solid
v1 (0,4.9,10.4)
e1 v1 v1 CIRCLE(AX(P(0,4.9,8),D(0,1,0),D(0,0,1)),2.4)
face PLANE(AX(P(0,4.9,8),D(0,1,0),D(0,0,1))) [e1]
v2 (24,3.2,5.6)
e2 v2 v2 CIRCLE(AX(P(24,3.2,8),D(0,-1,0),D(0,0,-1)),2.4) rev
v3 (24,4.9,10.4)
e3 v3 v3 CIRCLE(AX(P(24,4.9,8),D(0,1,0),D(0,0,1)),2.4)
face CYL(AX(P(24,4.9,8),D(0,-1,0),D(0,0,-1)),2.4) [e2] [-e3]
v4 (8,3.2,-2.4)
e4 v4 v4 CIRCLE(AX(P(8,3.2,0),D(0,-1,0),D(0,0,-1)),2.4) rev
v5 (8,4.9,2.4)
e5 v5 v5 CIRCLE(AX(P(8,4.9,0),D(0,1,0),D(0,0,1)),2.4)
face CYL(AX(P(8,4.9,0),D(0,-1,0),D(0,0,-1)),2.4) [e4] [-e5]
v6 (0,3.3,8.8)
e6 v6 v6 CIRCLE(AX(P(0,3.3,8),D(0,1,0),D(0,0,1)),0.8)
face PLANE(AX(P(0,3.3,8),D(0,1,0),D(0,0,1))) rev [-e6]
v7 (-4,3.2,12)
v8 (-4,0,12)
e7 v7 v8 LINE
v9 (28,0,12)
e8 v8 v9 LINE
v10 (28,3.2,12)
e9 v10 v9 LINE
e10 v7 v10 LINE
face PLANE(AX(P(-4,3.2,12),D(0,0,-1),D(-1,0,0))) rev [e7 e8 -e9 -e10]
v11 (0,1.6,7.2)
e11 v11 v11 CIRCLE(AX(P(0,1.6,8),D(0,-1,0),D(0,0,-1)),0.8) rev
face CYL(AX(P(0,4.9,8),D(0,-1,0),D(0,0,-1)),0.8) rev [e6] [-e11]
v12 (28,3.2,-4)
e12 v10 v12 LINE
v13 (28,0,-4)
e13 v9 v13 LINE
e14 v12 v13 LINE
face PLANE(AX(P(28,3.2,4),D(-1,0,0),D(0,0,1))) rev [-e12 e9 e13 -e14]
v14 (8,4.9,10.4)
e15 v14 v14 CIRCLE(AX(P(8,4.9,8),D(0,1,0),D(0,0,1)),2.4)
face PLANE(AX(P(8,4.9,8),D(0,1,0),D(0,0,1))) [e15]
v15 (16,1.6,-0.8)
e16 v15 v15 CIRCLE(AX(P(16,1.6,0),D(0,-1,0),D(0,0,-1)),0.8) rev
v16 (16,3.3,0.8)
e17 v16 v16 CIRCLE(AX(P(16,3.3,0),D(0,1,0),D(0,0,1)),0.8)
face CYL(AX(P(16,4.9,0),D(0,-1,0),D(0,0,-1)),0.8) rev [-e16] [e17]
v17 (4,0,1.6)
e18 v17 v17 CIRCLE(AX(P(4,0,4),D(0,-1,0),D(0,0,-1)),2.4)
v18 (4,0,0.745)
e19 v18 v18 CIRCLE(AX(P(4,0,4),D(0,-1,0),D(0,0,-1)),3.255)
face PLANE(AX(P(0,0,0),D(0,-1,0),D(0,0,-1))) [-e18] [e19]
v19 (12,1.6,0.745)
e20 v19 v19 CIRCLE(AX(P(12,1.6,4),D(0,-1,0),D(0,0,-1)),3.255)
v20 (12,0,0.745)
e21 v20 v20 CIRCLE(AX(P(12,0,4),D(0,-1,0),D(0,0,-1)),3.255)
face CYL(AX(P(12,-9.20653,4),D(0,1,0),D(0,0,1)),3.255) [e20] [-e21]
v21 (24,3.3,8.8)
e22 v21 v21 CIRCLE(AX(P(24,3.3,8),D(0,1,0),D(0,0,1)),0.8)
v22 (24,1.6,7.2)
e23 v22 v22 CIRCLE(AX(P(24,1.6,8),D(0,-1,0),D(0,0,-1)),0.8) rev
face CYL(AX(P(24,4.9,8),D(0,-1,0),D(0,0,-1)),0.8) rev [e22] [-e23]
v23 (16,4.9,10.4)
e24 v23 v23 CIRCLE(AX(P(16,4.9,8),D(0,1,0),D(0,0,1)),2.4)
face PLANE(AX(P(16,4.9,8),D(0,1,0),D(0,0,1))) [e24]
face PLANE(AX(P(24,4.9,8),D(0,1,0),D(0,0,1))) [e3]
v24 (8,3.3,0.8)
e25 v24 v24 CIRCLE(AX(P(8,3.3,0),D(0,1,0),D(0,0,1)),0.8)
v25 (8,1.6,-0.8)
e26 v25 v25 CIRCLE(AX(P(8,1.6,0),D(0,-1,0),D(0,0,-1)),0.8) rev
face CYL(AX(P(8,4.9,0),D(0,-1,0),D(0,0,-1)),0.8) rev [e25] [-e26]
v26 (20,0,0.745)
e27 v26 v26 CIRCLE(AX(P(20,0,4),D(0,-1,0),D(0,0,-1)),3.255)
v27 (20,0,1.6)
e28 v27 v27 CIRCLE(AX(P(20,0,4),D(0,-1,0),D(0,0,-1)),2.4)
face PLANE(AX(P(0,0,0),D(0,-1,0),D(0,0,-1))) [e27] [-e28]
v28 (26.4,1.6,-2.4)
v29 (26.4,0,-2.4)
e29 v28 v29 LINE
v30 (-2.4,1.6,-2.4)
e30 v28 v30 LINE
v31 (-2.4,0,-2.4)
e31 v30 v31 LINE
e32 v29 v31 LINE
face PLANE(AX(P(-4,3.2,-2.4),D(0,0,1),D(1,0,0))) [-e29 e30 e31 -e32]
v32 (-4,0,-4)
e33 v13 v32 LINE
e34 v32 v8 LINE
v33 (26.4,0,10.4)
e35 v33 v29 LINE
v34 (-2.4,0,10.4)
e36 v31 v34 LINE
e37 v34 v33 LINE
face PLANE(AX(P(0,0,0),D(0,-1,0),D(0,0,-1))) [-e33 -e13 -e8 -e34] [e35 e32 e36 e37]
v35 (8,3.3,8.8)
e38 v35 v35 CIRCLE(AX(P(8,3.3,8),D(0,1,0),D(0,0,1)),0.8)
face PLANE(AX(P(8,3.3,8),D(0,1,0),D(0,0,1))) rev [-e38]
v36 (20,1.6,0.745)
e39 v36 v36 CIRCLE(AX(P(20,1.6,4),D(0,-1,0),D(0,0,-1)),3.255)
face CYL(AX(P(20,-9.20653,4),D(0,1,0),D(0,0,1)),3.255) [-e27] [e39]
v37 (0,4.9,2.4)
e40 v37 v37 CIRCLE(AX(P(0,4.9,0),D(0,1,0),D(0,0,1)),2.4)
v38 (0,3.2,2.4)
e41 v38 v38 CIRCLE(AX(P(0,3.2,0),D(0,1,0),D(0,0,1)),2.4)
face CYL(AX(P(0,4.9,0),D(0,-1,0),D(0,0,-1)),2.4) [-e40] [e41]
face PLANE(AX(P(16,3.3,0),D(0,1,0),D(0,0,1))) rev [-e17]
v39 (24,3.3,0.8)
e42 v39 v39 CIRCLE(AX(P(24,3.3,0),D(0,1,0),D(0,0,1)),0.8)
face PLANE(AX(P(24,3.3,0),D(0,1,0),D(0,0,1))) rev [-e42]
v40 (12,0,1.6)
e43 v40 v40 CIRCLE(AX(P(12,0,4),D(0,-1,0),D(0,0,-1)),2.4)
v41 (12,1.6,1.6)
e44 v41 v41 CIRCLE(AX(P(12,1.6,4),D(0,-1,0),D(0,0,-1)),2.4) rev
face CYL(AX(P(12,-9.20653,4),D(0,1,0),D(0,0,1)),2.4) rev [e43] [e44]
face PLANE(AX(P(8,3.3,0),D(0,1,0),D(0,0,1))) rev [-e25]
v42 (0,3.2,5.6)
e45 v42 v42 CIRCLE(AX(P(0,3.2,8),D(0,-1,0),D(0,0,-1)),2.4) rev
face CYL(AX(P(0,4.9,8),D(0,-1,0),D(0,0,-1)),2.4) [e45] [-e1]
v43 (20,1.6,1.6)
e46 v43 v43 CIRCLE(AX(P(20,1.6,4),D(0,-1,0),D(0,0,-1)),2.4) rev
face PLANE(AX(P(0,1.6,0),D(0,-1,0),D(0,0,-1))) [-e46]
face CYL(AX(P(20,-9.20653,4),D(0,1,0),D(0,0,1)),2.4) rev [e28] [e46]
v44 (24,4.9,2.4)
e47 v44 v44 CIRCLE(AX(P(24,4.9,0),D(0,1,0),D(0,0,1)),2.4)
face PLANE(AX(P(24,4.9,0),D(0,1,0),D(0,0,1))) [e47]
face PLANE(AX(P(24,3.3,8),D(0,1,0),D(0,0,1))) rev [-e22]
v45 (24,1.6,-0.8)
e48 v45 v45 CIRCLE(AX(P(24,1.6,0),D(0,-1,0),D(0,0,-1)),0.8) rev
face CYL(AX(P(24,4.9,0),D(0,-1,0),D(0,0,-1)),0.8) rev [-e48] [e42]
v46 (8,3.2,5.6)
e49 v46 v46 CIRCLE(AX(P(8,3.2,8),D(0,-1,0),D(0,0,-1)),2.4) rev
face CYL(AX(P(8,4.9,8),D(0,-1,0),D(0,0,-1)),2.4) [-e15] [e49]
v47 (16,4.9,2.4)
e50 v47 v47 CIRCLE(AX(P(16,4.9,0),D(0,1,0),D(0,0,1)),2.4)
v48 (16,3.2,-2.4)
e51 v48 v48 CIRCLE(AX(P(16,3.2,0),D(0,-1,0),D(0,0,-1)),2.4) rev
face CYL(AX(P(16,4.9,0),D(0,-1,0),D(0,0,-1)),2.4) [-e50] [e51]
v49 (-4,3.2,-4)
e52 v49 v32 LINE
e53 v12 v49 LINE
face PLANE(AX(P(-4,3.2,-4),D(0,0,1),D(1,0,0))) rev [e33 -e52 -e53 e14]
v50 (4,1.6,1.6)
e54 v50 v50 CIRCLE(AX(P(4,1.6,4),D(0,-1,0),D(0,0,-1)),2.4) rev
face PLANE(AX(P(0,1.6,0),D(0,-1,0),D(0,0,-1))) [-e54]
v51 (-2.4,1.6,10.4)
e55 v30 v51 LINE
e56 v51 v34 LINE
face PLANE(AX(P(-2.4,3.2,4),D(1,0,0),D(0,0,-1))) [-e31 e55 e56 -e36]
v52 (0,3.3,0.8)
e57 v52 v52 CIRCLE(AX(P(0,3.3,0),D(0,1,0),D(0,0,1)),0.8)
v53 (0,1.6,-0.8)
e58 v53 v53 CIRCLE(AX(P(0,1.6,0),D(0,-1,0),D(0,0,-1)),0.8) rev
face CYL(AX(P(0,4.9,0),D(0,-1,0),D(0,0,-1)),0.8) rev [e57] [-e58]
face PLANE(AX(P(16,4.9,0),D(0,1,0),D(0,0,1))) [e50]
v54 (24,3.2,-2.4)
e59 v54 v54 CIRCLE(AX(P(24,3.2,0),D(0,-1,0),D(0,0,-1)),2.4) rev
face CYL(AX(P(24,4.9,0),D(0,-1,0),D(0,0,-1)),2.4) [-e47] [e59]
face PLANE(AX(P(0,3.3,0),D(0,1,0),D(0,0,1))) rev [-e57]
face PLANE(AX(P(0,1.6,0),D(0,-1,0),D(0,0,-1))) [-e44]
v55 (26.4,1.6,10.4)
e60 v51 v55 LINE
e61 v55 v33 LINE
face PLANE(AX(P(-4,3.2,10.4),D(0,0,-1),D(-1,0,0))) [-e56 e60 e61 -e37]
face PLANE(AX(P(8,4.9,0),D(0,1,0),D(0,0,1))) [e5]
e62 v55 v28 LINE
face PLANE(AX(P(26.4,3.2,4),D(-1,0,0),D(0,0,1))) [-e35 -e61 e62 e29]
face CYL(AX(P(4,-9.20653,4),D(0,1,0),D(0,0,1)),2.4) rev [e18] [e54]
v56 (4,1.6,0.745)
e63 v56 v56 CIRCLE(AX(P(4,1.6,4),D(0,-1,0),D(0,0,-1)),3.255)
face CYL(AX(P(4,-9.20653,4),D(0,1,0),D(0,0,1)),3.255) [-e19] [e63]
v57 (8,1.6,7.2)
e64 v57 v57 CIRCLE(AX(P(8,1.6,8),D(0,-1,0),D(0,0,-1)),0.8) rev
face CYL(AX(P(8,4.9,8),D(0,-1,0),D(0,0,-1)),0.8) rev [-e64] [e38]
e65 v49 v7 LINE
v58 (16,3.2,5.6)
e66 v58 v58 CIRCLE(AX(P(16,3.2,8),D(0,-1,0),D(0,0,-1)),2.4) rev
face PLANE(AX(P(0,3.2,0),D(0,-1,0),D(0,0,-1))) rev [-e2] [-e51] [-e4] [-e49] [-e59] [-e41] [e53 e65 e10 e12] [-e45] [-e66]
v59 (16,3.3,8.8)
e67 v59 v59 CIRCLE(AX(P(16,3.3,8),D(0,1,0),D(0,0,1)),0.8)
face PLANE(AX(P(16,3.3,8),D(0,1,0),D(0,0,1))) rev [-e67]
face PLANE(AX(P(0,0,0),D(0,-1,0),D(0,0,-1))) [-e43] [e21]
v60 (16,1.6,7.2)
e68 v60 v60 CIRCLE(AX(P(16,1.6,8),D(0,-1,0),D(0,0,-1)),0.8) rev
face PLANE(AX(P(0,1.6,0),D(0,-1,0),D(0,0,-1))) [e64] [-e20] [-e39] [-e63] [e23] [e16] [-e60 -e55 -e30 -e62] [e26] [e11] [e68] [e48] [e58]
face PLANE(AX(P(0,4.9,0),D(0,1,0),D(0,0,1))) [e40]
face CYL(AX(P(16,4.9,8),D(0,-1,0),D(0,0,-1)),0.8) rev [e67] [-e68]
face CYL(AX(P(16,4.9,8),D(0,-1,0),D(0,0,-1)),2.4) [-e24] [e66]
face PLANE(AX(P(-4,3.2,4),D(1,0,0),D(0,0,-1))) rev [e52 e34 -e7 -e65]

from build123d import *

# Parameters (mm, degrees)
SKETCH_1_W                       = 8
SKETCH_1_H                       = 8
HEIGHT_DEPTH                     = 3.2
SKETCH_2_R                       = 2.4
EXTRUDE_2_DEPTH                  = 1.7
PATTERN_LINEAR_1_COUNT           = 2
PATTERN_LINEAR_1_PITCH           = 8
PATTERN_LINEAR_2_COUNT           = 4
PATTERN_LINEAR_2_PITCH           = 8
PATTERN_LINEAR_2_COPY_1_SKETCH_W = 8
PATTERN_LINEAR_2_COPY_1_SKETCH_H = 8
PATTERN_LINEAR_2_COPY_1_DEPTH    = 3.2
PATTERN_LINEAR_2_COPY_2_SKETCH_W = 8
PATTERN_LINEAR_2_COPY_2_SKETCH_H = 8
PATTERN_LINEAR_2_COPY_2_DEPTH    = 3.2
PATTERN_LINEAR_2_COPY_3_SKETCH_W = 8
PATTERN_LINEAR_2_COPY_3_SKETCH_H = 8
PATTERN_LINEAR_2_COPY_3_DEPTH    = 3.2
PATTERN_LINEAR_2_COPY_4_SKETCH_R = 2.4
PATTERN_LINEAR_2_COPY_4_DEPTH    = 1.7
PATTERN_LINEAR_2_COPY_5_SKETCH_R = 2.4
PATTERN_LINEAR_2_COPY_5_DEPTH    = 1.7
PATTERN_LINEAR_2_COPY_6_SKETCH_R = 2.4
PATTERN_LINEAR_2_COPY_6_DEPTH    = 1.7
SHELL_1_T                        = -1.6
SKETCH_3_R                       = 3.255
SKETCH_3_R_2                     = 2.4
EXTRUDE_3_DEPTH                  = 1.6
PATTERN_LINEAR_3_COUNT           = 3
PATTERN_LINEAR_3_PITCH           = 8


with BuildPart() as part:
    # 草圖1 → height (new body)
    with BuildSketch(Plane(origin=(0, 0, 0), x_dir=(1, 0, 0), z_dir=(0, 1, 0))):
        Rectangle(SKETCH_1_W, SKETCH_1_H)
    height = extrude(amount=HEIGHT_DEPTH)

    # 草圖2 → 填料-伸長2 (add)
    with BuildSketch(Plane(origin=(0, 3.2, 0), x_dir=(1, 0, 0), z_dir=(0, 1, 0))):
        Circle(SKETCH_2_R)
    extrude_2 = extrude(amount=EXTRUDE_2_DEPTH)

    # 直線複製排列1: height, 填料-伸長2 ×2
    with Locations(*[(0, 0, i * PATTERN_LINEAR_1_PITCH) for i in range(1, PATTERN_LINEAR_1_COUNT)]):
        add(height)
        add(extrude_2)

    # 直線複製排列2: height, 填料-伸長2 ×4
    with Locations(*[(i * PATTERN_LINEAR_2_PITCH, 0, 0) for i in range(1, PATTERN_LINEAR_2_COUNT)]):
        add(height)
        add(extrude_2)

    # 直線複製排列2 copy 1 sketch → 直線複製排列2 copy 1 (add)
    with BuildSketch(Plane(origin=(8, 0, 8), x_dir=(1, 0, 0), z_dir=(0, 1, 0))):
        Rectangle(PATTERN_LINEAR_2_COPY_1_SKETCH_W, PATTERN_LINEAR_2_COPY_1_SKETCH_H)
    extrude(amount=PATTERN_LINEAR_2_COPY_1_DEPTH)

    # 直線複製排列2 copy 2 sketch → 直線複製排列2 copy 2 (add)
    with BuildSketch(Plane(origin=(16, 0, 8), x_dir=(1, 0, 0), z_dir=(0, 1, 0))):
        Rectangle(PATTERN_LINEAR_2_COPY_2_SKETCH_W, PATTERN_LINEAR_2_COPY_2_SKETCH_H)
    extrude(amount=PATTERN_LINEAR_2_COPY_2_DEPTH)

    # 直線複製排列2 copy 3 sketch → 直線複製排列2 copy 3 (add)
    with BuildSketch(Plane(origin=(24, 0, 8), x_dir=(1, 0, 0), z_dir=(0, 1, 0))):
        Rectangle(PATTERN_LINEAR_2_COPY_3_SKETCH_W, PATTERN_LINEAR_2_COPY_3_SKETCH_H)
    extrude(amount=PATTERN_LINEAR_2_COPY_3_DEPTH)

    # 直線複製排列2 copy 4 sketch → 直線複製排列2 copy 4 (add)
    with BuildSketch(Plane(origin=(8, 3.2, 8), x_dir=(1, 0, 0), z_dir=(0, 1, 0))):
        Circle(PATTERN_LINEAR_2_COPY_4_SKETCH_R)
    extrude(amount=PATTERN_LINEAR_2_COPY_4_DEPTH)

    # 直線複製排列2 copy 5 sketch → 直線複製排列2 copy 5 (add)
    with BuildSketch(Plane(origin=(16, 3.2, 8), x_dir=(1, 0, 0), z_dir=(0, 1, 0))):
        Circle(PATTERN_LINEAR_2_COPY_5_SKETCH_R)
    extrude(amount=PATTERN_LINEAR_2_COPY_5_DEPTH)

    # 直線複製排列2 copy 6 sketch → 直線複製排列2 copy 6 (add)
    with BuildSketch(Plane(origin=(24, 3.2, 8), x_dir=(1, 0, 0), z_dir=(0, 1, 0))):
        Circle(PATTERN_LINEAR_2_COPY_6_SKETCH_R)
    extrude(amount=PATTERN_LINEAR_2_COPY_6_DEPTH)

    # 薄殼1
    shell_1_openings = [part.faces().sort_by_distance(p)[0] for p in [
        (12, 0, 4),
    ]]
    offset(amount=SHELL_1_T, openings=shell_1_openings, kind=Kind.INTERSECTION)

    # 草圖3 → 填料-伸長3 (add)
    with BuildSketch(Plane.XZ.offset(-1.6)):
        with Locations((4, 4)):
            Circle(SKETCH_3_R)
        with Locations((4, 4)):
            Circle(SKETCH_3_R_2, mode=Mode.SUBTRACT)
    extrude_3 = extrude(amount=EXTRUDE_3_DEPTH)

    # 直線複製排列3: 填料-伸長3 ×3
    with Locations(*[(i * PATTERN_LINEAR_3_PITCH, 0, 0) for i in range(1, PATTERN_LINEAR_3_COUNT)]):
        add(extrude_3)


solid = part.part
